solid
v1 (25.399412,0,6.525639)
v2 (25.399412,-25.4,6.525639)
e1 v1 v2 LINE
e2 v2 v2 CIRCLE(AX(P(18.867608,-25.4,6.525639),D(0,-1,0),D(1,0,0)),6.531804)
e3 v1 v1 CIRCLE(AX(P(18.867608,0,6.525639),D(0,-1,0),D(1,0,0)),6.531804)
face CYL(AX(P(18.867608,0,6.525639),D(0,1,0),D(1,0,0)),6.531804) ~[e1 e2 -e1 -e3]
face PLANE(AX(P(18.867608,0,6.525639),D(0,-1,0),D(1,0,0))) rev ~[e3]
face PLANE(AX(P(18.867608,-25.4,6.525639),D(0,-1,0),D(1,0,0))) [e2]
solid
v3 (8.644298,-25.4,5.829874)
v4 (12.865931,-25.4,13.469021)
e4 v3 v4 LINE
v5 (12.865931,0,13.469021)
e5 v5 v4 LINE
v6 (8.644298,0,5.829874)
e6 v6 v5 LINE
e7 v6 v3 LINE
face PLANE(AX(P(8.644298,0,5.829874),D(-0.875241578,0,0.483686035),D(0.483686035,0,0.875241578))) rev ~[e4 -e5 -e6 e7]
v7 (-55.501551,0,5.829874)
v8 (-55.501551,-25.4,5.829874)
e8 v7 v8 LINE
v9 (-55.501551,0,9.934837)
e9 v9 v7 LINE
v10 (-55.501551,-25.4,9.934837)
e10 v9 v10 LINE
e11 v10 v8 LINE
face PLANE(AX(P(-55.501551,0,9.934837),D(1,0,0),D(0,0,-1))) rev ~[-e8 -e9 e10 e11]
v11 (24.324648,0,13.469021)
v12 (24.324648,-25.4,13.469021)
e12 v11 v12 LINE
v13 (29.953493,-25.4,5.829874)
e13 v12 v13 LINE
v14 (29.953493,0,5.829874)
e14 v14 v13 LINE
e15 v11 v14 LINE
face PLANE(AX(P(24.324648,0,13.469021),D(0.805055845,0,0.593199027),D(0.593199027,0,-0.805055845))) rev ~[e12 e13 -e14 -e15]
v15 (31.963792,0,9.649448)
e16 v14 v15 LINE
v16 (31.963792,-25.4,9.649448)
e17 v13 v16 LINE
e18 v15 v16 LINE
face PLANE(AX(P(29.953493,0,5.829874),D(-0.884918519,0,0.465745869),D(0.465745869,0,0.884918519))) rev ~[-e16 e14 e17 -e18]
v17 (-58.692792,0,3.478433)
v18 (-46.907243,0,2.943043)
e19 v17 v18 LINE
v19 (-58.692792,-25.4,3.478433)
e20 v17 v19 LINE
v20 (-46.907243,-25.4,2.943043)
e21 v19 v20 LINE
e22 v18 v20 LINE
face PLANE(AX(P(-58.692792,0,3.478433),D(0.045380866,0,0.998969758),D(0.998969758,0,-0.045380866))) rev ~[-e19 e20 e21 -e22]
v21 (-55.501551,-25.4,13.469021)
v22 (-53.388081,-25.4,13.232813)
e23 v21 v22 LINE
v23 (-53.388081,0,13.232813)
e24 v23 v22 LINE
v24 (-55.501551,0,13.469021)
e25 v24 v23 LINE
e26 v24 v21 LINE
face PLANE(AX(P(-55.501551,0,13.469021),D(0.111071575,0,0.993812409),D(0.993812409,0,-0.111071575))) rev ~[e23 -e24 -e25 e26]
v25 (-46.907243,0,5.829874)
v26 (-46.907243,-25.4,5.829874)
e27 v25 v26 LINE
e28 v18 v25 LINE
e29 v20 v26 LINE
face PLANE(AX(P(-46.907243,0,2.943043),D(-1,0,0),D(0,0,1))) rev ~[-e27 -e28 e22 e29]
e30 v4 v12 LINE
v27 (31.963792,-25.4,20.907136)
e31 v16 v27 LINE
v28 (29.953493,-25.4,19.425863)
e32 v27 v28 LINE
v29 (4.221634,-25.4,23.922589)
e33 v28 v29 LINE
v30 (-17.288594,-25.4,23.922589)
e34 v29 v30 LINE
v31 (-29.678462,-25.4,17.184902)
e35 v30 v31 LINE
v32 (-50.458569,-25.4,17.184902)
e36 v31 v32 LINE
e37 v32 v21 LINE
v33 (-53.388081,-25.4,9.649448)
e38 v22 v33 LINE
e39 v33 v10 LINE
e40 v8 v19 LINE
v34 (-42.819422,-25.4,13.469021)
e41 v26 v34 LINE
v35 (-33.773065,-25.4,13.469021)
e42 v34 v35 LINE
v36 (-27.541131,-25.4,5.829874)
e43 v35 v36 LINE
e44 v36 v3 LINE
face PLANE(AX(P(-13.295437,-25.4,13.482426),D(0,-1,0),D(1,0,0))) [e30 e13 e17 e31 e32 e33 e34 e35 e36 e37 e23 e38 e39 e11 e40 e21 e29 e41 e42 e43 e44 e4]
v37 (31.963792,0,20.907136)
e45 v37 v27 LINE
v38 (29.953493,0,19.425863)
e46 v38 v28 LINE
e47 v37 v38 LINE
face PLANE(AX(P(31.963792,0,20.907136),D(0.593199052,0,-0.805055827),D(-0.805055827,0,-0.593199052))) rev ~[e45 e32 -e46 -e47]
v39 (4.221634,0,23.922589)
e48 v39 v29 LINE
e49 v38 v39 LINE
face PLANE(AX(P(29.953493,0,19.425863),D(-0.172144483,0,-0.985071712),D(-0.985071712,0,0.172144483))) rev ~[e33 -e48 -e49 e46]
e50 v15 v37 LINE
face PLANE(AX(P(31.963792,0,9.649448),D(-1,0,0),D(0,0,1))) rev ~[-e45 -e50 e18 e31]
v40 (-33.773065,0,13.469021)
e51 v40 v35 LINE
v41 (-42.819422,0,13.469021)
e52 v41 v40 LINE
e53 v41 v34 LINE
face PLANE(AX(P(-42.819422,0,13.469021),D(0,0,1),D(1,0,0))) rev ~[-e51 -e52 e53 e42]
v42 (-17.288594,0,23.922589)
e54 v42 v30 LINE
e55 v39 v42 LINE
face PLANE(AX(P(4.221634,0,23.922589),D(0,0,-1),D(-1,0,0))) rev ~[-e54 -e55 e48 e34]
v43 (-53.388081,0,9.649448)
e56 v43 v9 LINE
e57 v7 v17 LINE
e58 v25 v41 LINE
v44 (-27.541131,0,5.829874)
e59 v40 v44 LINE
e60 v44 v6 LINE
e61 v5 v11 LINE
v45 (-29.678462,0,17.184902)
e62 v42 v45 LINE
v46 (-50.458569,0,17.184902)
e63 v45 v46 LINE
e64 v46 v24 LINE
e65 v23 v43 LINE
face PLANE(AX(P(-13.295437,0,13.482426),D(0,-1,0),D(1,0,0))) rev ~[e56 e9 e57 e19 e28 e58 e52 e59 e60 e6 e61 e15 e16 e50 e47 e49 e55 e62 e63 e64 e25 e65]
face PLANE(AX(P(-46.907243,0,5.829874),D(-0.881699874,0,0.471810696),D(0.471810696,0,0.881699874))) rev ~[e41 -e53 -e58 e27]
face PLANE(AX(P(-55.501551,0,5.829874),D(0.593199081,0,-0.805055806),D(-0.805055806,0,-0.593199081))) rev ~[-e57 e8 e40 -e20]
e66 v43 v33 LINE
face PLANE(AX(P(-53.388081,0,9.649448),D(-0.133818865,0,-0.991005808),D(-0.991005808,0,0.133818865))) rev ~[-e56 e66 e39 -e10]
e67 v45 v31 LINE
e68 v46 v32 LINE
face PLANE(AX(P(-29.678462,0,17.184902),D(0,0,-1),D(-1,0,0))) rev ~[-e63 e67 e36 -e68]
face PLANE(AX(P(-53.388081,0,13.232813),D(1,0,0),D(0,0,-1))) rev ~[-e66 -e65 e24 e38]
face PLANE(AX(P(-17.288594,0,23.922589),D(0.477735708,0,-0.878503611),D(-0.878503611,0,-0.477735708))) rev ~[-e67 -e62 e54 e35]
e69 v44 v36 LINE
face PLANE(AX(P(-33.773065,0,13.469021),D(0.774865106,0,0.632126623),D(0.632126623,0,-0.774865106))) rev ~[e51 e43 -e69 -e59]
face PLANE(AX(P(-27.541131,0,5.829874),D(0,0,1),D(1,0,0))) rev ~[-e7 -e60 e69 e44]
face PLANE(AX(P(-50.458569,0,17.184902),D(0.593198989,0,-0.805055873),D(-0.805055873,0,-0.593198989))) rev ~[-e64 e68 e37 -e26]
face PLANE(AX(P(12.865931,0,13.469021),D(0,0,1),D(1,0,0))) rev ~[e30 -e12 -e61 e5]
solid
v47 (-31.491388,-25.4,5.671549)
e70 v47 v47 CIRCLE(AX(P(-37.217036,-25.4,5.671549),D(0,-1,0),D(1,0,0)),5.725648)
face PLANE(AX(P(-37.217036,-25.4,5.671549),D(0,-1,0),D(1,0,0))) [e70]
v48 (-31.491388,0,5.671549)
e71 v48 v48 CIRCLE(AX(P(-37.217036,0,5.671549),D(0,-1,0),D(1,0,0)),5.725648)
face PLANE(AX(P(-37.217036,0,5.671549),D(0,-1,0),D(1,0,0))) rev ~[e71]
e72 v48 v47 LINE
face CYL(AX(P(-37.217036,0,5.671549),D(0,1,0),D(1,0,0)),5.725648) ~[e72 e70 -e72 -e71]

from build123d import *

# Parameters (mm, degrees)
F1_DEPTH = 25.4
F2_R     = 5.725648
F3_DEPTH = 25.4
F4_R     = 6.531804
F5_DEPTH = 25.4


with BuildPart() as f1:
    # F0 (on Front) → F1 (new body)
    with BuildSketch(Plane.XZ):
        Polygon((-46.907243, 5.829874), (-42.819422, 13.469021), (-33.773065, 13.469021), (-27.541131, 5.829874), (8.644298, 5.829874), (12.865931, 13.469021), (24.324648, 13.469021), (29.953493, 5.829874), (31.963792, 9.649448), (31.963792, 13.469021), (31.963792, 20.907136), (29.953493, 19.425863), (4.221634, 23.922589), (-17.288594, 23.922589), (-29.678462, 17.184902), (-50.458569, 17.184902), (-55.501551, 13.469021), (-53.388081, 13.232813), (-53.388081, 9.649448), (-55.501551, 9.934837), (-55.501551, 5.829874), (-58.692792, 3.478433), (-46.907243, 2.943043), align=None)
    extrude(amount=F1_DEPTH)


with BuildPart() as f3:
    # F2 (on Front) → F3 (new body)
    with BuildSketch(Plane.XZ):
        with Locations((-37.217036, 5.671549)):
            Circle(F2_R)
    extrude(amount=F3_DEPTH)


with BuildPart() as f5:
    # F4 (on Front) → F5 (new body)
    with BuildSketch(Plane.XZ):
        with Locations((18.867608, 6.525639)):
            Circle(F4_R)
    extrude(amount=F5_DEPTH)


solid = Compound([f1.part, f3.part, f5.part])
